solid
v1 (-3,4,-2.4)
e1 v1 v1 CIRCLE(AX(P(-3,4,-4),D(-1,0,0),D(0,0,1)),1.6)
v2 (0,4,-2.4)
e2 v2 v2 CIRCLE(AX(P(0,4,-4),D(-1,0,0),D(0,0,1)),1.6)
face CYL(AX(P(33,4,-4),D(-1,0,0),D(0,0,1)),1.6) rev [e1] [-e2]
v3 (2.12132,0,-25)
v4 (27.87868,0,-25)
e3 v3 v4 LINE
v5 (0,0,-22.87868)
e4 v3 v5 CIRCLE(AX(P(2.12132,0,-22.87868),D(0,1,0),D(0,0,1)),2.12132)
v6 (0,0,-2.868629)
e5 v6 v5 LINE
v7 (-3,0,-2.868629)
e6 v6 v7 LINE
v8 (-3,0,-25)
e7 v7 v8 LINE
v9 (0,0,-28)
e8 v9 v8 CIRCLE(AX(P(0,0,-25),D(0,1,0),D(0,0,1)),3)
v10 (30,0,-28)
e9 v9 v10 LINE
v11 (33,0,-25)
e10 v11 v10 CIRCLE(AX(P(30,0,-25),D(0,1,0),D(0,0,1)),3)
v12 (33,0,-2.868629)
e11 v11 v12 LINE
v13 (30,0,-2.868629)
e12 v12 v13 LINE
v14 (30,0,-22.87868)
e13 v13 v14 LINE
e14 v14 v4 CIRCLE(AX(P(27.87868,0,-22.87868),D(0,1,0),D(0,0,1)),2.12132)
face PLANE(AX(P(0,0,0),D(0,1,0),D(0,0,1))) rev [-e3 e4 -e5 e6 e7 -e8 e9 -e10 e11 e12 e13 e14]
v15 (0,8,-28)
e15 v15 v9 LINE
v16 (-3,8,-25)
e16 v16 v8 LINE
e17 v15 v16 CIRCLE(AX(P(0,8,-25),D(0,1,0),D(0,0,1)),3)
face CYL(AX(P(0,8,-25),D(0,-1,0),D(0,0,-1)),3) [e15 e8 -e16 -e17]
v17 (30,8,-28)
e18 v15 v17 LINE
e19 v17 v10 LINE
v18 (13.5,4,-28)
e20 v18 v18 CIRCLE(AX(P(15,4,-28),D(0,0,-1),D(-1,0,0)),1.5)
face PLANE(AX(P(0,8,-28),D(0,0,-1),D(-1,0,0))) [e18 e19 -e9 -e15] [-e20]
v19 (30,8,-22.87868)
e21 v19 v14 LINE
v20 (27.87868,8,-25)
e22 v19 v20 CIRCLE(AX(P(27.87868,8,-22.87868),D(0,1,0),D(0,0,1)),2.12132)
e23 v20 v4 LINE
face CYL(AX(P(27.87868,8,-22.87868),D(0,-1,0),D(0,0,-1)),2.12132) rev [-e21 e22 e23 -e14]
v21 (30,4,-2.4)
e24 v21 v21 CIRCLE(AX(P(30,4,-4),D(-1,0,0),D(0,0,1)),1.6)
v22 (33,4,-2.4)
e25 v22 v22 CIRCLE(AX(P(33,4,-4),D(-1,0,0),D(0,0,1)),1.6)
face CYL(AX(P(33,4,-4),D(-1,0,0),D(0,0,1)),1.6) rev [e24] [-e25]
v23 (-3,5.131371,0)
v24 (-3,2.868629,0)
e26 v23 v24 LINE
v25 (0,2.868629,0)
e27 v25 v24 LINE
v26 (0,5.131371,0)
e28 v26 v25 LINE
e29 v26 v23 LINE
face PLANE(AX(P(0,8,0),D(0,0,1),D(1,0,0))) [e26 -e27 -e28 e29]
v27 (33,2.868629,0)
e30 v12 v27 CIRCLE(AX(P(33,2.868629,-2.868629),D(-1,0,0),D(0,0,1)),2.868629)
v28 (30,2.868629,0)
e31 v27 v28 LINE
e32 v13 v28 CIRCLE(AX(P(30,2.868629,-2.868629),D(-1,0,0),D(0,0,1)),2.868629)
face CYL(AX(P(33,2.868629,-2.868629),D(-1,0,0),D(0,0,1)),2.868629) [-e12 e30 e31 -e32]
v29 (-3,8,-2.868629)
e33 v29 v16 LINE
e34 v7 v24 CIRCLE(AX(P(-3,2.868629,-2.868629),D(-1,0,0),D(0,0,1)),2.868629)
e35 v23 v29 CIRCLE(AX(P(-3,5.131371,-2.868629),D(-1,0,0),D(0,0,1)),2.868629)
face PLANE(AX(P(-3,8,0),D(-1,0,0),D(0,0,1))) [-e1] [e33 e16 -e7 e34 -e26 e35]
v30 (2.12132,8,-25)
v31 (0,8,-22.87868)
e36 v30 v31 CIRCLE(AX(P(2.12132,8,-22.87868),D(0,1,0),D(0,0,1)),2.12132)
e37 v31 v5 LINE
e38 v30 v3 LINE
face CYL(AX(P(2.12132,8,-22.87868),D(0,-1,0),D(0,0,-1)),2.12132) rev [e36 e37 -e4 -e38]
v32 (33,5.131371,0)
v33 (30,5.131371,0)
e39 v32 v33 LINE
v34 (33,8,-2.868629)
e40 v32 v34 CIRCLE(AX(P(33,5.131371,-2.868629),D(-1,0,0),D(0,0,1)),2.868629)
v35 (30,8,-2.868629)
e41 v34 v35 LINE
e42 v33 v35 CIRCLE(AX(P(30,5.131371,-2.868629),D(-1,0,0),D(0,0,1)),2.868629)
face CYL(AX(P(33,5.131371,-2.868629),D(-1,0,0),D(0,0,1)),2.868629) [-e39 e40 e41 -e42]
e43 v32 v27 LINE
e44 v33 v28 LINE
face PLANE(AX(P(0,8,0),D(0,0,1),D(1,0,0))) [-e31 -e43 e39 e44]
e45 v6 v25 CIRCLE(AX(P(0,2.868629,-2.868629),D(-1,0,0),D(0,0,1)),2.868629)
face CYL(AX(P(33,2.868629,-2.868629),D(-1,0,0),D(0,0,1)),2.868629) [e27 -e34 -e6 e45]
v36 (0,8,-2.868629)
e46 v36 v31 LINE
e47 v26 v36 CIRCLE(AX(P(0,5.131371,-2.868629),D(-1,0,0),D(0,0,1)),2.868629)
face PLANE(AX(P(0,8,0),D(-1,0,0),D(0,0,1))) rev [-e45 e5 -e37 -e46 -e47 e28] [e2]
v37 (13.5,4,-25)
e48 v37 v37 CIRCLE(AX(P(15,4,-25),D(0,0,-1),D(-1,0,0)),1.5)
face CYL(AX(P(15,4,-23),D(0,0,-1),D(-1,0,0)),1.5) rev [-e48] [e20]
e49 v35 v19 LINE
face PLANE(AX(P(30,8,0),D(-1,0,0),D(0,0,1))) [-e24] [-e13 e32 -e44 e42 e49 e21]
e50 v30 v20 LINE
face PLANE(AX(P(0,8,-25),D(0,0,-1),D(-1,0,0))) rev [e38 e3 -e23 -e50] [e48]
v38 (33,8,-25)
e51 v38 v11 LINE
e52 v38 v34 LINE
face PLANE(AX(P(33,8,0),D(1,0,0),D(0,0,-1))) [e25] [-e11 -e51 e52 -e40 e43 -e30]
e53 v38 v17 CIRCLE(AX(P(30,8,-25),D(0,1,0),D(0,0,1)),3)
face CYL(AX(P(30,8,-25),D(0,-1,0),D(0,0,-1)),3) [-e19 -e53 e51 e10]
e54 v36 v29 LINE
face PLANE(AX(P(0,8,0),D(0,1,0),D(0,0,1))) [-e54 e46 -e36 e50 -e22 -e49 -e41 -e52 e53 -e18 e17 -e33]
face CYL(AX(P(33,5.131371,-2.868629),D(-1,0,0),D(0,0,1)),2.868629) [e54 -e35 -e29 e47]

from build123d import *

# Parameters (mm, degrees)
BOSS_EXTRUDE1_DEPTH     = 8
CUT_EXTRUDE1_DEPTH      = 1
CUT_EXTRUDE1_DEPTH_BACK = 37
CUT_EXTRUDE2_DEPTH      = 1
CUT_EXTRUDE2_DEPTH_BACK = 37
CUT_EXTRUDE6_DEPTH      = 5


with BuildPart() as part:
    # Sketch1 → Boss-Extrude1 (new body)
    with BuildSketch(Plane(origin=(0, 0, 0), x_dir=(1, 0, 0), z_dir=(0, 1, 0))):
        with BuildLine():
            Line((-3, 0), (0, 0))
            Line((0, 0), (0, 22))
            ThreePointArc((0, 22), (-2.121320344, 22.878679656), (-3, 25))
            Line((-3, 25), (-3, 0))
        make_face()
        with BuildLine():
            ThreePointArc((-3, 25), (-2.121320344, 22.878679656), (0, 22))
            Line((0, 22), (0, 22.878679656))
            Line((0, 22.878679656), (0, 25))
            Line((0, 25), (-2.121320344, 27.121320344))
            ThreePointArc((-2.121320344, 27.121320344), (-2.771638598, 26.148050297), (-3, 25))
        make_face()
        with BuildLine():
            ThreePointArc((0, 28), (-1.148050297, 27.771638598), (-2.121320344, 27.121320344))
            Line((-2.121320344, 27.121320344), (0, 25))
            Line((0, 25), (2.121320344, 25))
            Line((2.121320344, 25), (3, 25))
            ThreePointArc((3, 25), (2.121320344, 27.121320344), (0, 28))
        make_face()
        with BuildLine():
            Line((30, 28), (0, 28))
            ThreePointArc((0, 28), (2.121320344, 27.121320344), (3, 25))
            Line((3, 25), (27, 25))
            ThreePointArc((27, 25), (27.878679656, 27.121320344), (30, 28))
        make_face()
        with BuildLine():
            Line((2.121320344, 25), (0, 25))
            Line((0, 25), (0.621320344, 24.378679656))
            ThreePointArc((0.621320344, 24.378679656), (1.309526193, 24.838524104), (2.121320344, 25))
        make_face()
        with BuildLine():
            Line((0, 25), (0, 22.878679656))
            ThreePointArc((0, 22.878679656), (0.161475896, 23.690473807), (0.621320344, 24.378679656))
            Line((0.621320344, 24.378679656), (0, 25))
        make_face()
        with BuildLine():
            Line((27.878679656, 25), (30, 25))
            Line((30, 25), (32.121320344, 27.121320344))
            ThreePointArc((32.121320344, 27.121320344), (31.148050297, 27.771638598), (30, 28))
            ThreePointArc((30, 28), (27.878679656, 27.121320344), (27, 25))
            Line((27, 25), (27.878679656, 25))
        make_face()
        with BuildLine():
            Line((29.378679656, 24.378679656), (30, 25))
            Line((30, 25), (27.878679656, 25))
            ThreePointArc((27.878679656, 25), (28.690473807, 24.838524104), (29.378679656, 24.378679656))
        make_face()
        with BuildLine():
            ThreePointArc((29.378679656, 24.378679656), (29.838524104, 23.690473807), (30, 22.878679656))
            Line((30, 22.878679656), (30, 25))
            Line((30, 25), (29.378679656, 24.378679656))
        make_face()
        with BuildLine():
            Line((30, 22.878679656), (30, 22))
            ThreePointArc((30, 22), (32.121320344, 22.878679656), (33, 25))
            ThreePointArc((33, 25), (32.771638598, 26.148050297), (32.121320344, 27.121320344))
            Line((32.121320344, 27.121320344), (30, 25))
            Line((30, 25), (30, 22.878679656))
        make_face()
        with BuildLine():
            Line((30, 22), (30, 0))
            Line((30, 0), (33, 0))
            Line((33, 0), (33, 25))
            ThreePointArc((33, 25), (32.121320344, 22.878679656), (30, 22))
        make_face()
    extrude(amount=BOSS_EXTRUDE1_DEPTH)

    # Sketch2 → Cut-Extrude1 (cut, two sides)
    with BuildSketch(Plane.ZY.offset(3)) as cut_extrude1_sk:
        with BuildLine():
            ThreePointArc((-5.13137085, 5.13137085), (-5.13137085, 2.86862915), (-2.86862915, 2.86862915))
            Line((-2.86862915, 2.86862915), (-5.13137085, 5.13137085))
        make_face()
        with BuildLine():
            Line((-5.13137085, 5.13137085), (-2.86862915, 2.86862915))
            ThreePointArc((-2.86862915, 2.86862915), (-2.521792748, 3.387706508), (-2.4, 4))
            ThreePointArc((-2.4, 4), (-3.387706508, 5.478207252), (-5.13137085, 5.13137085))
        make_face()
    extrude(amount=CUT_EXTRUDE1_DEPTH, mode=Mode.SUBTRACT)
    extrude(cut_extrude1_sk.sketch, amount=-CUT_EXTRUDE1_DEPTH_BACK, mode=Mode.SUBTRACT)

    # Sketch3 → Cut-Extrude2 (cut, two sides)
    with BuildSketch(Plane.ZY.offset(3)) as cut_extrude2_sk:
        with BuildLine():
            Line((0, 0), (-2.868629152, 0))
            Line((-2.86862915, 0), (-2.86862915, -3.234663016))
            ThreePointArc((-2.86862915, -3.234663016), (2.247050128, -1.115679278), (4.366033866, 4))
            ThreePointArc((4.366033866, 4), (2.247050128, 9.115679278), (-2.86862915, 11.234663016))
            Line((-2.86862915, 11.234663016), (-2.86862915, 8))
            Line((-2.86862915, 8), (0, 8))
            Line((0, 8), (0, 5.13137085))
            Line((0, 5.13137085), (0, 2.86862915))
            Line((0, 2.86862915), (0, 0))
        make_face()
        with BuildLine():
            ThreePointArc((0, 2.86862915), (-0.840202026, 0.840202025), (-2.868629152, 0))
            Line((-2.868629152, 0), (0, 0))
            Line((0, 0), (0, 2.86862915))
        make_face()
        with BuildLine():
            Line((0, 8), (-2.86862915, 8))
            ThreePointArc((-2.86862915, 8), (-0.840202025, 7.159797975), (0, 5.13137085))
            Line((0, 5.13137085), (0, 8))
        make_face()
    extrude(amount=CUT_EXTRUDE2_DEPTH, mode=Mode.SUBTRACT)
    extrude(cut_extrude2_sk.sketch, amount=-CUT_EXTRUDE2_DEPTH_BACK, mode=Mode.SUBTRACT)

    # Sketch4 → Cut-Extrude6 (cut)
    with BuildSketch(Plane(origin=(0, 0, -28), x_dir=(-1, 0, 0), z_dir=(0, 0, -1))):
        with BuildLine():
            ThreePointArc((-13.5, 4), (-13.512715795, 4.194899187), (-13.550647591, 4.386493976))
            Line((-13.550647591, 4.386493976), (-16.449352409, 3.613506024))
            ThreePointArc((-16.449352409, 3.613506024), (-14.805100813, 2.512715795), (-13.5, 4))
        make_face()
        with BuildLine():
            Line((-16.449352409, 3.613506024), (-13.550647591, 4.386493976))
            ThreePointArc((-13.550647591, 4.386493976), (-15.386493976, 5.449352409), (-16.449352409, 3.613506024))
        make_face()
    extrude(amount=-CUT_EXTRUDE6_DEPTH, mode=Mode.SUBTRACT)


solid = part.part
